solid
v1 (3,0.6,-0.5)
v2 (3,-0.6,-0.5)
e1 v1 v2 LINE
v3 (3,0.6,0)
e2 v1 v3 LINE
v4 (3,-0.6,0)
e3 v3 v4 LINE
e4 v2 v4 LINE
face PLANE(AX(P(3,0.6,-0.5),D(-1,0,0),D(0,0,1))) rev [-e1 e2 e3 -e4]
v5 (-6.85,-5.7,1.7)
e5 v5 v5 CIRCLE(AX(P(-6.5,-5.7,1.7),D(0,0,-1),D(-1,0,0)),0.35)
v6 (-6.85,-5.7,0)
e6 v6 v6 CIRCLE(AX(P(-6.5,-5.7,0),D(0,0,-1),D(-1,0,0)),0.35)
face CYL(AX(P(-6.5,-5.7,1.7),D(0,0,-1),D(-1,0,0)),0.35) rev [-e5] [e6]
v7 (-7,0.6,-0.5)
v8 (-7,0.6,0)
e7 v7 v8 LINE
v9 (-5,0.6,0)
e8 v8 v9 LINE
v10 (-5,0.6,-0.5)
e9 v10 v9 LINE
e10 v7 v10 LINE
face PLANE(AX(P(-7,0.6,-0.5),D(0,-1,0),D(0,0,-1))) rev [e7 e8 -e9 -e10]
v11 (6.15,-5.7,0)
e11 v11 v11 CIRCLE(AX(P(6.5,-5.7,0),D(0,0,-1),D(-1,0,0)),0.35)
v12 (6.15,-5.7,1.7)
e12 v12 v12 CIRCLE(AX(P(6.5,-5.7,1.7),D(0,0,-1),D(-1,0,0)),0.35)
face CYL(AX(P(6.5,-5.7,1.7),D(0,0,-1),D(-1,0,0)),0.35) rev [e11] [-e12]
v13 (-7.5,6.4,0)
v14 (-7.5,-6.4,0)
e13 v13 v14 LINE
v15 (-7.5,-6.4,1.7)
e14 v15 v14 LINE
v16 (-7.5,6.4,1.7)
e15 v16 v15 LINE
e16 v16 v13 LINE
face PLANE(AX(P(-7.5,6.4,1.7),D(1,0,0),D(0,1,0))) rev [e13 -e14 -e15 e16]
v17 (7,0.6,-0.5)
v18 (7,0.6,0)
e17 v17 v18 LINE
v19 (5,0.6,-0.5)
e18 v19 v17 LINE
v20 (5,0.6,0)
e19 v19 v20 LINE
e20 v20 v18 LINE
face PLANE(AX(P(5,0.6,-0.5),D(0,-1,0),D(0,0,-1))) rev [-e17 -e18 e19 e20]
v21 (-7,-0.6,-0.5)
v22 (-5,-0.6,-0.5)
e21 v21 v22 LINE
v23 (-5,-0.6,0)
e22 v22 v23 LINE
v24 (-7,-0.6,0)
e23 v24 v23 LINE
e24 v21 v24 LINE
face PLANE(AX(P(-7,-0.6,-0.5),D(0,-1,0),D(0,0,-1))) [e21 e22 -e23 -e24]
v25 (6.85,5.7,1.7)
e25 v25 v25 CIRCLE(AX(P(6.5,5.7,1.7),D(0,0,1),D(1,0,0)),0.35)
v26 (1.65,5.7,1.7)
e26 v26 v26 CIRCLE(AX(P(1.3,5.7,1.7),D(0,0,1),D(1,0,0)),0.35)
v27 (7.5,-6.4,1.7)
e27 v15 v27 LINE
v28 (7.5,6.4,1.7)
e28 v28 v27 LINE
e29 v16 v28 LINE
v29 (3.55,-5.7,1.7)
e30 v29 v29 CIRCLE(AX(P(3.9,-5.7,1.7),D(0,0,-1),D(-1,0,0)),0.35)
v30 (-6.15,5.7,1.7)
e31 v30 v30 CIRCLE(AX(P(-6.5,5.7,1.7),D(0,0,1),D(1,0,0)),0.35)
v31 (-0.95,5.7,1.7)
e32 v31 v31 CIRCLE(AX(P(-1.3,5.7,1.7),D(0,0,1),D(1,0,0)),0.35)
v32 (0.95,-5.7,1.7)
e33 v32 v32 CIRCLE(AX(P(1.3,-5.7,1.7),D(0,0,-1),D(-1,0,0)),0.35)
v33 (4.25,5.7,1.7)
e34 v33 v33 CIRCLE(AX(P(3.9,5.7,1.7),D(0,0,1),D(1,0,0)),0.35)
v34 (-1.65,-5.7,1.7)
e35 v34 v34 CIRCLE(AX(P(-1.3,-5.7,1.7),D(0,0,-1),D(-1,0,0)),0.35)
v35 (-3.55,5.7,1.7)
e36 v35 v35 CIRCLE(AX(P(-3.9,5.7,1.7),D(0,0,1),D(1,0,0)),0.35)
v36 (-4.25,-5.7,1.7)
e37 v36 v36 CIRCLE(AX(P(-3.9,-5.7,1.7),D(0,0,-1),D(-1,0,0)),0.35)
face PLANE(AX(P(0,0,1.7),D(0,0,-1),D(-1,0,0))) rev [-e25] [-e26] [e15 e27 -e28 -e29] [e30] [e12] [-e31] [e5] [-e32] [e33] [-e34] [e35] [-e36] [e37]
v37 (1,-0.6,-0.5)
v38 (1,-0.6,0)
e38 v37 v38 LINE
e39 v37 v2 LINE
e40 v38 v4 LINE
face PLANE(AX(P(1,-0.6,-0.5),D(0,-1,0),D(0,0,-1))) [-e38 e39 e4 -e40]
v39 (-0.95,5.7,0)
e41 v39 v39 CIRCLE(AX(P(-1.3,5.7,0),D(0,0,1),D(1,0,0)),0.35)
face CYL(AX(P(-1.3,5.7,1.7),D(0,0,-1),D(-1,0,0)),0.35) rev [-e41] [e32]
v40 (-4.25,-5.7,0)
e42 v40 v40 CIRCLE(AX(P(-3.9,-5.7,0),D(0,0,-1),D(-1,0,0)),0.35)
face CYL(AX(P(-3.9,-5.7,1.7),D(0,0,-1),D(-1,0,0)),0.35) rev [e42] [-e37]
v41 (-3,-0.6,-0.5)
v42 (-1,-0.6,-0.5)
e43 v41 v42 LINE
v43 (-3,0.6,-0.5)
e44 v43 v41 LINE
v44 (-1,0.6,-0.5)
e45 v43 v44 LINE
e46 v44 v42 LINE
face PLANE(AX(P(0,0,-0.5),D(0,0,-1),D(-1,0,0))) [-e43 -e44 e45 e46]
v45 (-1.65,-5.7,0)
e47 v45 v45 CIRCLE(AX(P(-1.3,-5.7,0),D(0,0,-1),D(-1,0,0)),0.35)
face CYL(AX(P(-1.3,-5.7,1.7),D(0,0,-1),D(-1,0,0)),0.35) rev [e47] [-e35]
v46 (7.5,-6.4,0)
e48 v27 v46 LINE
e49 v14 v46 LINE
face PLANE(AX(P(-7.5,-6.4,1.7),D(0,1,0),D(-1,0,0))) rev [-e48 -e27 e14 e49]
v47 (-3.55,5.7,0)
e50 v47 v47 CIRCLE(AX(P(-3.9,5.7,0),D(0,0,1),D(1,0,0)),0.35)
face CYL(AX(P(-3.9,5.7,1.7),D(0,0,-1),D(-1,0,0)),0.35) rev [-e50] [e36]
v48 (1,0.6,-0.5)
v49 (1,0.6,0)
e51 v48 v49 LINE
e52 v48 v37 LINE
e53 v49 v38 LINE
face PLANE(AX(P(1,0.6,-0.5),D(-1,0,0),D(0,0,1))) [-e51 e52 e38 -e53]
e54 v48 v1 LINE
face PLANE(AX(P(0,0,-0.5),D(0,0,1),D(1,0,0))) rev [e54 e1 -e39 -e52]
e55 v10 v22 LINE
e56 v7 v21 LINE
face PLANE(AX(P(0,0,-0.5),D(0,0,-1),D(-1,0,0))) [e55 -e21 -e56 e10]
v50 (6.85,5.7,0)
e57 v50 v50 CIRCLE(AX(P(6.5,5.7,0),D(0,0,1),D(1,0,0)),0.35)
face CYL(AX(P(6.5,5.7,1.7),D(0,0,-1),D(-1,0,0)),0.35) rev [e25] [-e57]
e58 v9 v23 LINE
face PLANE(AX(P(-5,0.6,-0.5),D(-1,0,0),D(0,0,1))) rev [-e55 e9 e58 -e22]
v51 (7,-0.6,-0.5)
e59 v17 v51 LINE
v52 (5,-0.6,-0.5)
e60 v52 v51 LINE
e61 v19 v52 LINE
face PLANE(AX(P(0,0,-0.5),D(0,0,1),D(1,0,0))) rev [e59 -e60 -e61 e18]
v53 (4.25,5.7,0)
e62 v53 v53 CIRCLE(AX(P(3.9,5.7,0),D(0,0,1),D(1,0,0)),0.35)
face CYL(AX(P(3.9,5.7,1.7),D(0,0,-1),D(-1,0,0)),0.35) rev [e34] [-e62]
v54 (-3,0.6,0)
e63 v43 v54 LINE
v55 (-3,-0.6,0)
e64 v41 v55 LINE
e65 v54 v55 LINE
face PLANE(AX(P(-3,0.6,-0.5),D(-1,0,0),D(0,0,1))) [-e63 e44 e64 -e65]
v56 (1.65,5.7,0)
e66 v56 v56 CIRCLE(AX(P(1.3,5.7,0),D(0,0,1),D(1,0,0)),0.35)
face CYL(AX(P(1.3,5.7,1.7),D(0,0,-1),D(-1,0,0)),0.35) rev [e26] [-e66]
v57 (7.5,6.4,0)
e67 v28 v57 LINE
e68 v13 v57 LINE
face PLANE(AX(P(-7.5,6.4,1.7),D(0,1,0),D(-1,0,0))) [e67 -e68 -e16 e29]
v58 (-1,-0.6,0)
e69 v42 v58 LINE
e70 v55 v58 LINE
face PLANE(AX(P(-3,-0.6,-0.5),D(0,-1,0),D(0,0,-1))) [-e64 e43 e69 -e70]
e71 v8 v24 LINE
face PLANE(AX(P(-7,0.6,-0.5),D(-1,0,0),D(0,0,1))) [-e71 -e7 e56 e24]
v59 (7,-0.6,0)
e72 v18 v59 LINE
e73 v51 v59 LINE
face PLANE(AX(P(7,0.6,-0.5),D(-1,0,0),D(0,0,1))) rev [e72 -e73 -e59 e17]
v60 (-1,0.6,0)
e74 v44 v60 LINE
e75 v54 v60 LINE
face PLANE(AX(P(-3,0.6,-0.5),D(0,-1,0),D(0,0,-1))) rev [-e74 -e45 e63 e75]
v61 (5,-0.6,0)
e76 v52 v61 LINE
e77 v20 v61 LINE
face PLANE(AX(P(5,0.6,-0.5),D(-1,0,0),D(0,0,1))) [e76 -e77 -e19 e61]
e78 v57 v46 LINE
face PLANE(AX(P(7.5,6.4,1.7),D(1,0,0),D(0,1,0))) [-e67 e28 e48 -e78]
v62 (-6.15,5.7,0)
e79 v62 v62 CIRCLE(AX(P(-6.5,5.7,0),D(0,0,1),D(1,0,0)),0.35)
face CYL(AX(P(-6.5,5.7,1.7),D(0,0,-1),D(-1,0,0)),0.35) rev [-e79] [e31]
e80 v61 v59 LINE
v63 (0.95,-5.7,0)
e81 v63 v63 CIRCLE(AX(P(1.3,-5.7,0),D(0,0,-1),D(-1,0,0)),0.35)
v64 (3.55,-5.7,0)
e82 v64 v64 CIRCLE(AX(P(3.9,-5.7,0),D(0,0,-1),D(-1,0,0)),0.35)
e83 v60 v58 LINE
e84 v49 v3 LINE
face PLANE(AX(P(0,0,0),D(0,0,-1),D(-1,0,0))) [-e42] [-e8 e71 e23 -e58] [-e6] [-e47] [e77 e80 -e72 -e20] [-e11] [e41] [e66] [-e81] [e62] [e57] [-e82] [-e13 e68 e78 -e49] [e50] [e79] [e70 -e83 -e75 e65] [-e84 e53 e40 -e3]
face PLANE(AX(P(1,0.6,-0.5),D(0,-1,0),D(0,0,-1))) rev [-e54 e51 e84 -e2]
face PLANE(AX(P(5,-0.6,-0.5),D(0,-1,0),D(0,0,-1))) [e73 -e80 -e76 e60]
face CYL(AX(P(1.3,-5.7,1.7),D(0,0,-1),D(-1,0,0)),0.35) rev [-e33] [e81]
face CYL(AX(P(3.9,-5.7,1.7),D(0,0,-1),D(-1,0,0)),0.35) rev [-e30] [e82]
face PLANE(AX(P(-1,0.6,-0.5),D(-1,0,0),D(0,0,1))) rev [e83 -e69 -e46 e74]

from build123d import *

# Parameters (mm, degrees)
SKETCH1_W           = 15
SKETCH1_H           = 12.8
BOSS_EXTRUDE1_DEPTH = 1.7
SKETCH1_3_W         = 2
SKETCH1_3_H         = 1.2
BOSS_EXTRUDE2_DEPTH = 0.5
SKETCH1_4_R         = 0.35
CUT_EXTRUDE1_DEPTH  = 11.004998751


with BuildPart() as part:
    # Sketch1 → Boss-Extrude1 (new body)
    with BuildSketch(Plane.XY):
        Rectangle(SKETCH1_W, SKETCH1_H)
    extrude(amount=BOSS_EXTRUDE1_DEPTH)

    # Sketch1<3> → Boss-Extrude2 (add)
    with BuildSketch(Plane.XY):
        with Locations((-2, 0)):
            Rectangle(SKETCH1_3_W, SKETCH1_3_H)
        with Locations((-6, 0)):
            Rectangle(SKETCH1_3_W, SKETCH1_3_H)
        with Locations((2, 0)):
            Rectangle(SKETCH1_3_W, SKETCH1_3_H)
        with Locations((6, 0)):
            Rectangle(SKETCH1_3_W, SKETCH1_3_H)
    extrude(amount=-BOSS_EXTRUDE2_DEPTH)

    # Sketch1<4> → Cut-Extrude1 (cut, through all)
    with BuildSketch(Plane.XY):
        with Locations((-6.5, 5.7)):
            Circle(SKETCH1_4_R)
        with Locations((-3.9, 5.7)):
            Circle(SKETCH1_4_R)
        with Locations((-1.3, 5.7)):
            Circle(SKETCH1_4_R)
        with Locations((1.3, 5.7)):
            Circle(SKETCH1_4_R)
        with Locations((3.9, 5.7)):
            Circle(SKETCH1_4_R)
        with Locations((6.5, 5.7)):
            Circle(SKETCH1_4_R)
        with Locations((-1.3, -5.7)):
            Circle(SKETCH1_4_R)
        with Locations((6.5, -5.7)):
            Circle(SKETCH1_4_R)
        with Locations((3.9, -5.7)):
            Circle(SKETCH1_4_R)
        with Locations((1.3, -5.7)):
            Circle(SKETCH1_4_R)
        with Locations((-3.9, -5.7)):
            Circle(SKETCH1_4_R)
        with Locations((-6.5, -5.7)):
            Circle(SKETCH1_4_R)
    extrude(amount=CUT_EXTRUDE1_DEPTH, mode=Mode.SUBTRACT)


solid = part.part
